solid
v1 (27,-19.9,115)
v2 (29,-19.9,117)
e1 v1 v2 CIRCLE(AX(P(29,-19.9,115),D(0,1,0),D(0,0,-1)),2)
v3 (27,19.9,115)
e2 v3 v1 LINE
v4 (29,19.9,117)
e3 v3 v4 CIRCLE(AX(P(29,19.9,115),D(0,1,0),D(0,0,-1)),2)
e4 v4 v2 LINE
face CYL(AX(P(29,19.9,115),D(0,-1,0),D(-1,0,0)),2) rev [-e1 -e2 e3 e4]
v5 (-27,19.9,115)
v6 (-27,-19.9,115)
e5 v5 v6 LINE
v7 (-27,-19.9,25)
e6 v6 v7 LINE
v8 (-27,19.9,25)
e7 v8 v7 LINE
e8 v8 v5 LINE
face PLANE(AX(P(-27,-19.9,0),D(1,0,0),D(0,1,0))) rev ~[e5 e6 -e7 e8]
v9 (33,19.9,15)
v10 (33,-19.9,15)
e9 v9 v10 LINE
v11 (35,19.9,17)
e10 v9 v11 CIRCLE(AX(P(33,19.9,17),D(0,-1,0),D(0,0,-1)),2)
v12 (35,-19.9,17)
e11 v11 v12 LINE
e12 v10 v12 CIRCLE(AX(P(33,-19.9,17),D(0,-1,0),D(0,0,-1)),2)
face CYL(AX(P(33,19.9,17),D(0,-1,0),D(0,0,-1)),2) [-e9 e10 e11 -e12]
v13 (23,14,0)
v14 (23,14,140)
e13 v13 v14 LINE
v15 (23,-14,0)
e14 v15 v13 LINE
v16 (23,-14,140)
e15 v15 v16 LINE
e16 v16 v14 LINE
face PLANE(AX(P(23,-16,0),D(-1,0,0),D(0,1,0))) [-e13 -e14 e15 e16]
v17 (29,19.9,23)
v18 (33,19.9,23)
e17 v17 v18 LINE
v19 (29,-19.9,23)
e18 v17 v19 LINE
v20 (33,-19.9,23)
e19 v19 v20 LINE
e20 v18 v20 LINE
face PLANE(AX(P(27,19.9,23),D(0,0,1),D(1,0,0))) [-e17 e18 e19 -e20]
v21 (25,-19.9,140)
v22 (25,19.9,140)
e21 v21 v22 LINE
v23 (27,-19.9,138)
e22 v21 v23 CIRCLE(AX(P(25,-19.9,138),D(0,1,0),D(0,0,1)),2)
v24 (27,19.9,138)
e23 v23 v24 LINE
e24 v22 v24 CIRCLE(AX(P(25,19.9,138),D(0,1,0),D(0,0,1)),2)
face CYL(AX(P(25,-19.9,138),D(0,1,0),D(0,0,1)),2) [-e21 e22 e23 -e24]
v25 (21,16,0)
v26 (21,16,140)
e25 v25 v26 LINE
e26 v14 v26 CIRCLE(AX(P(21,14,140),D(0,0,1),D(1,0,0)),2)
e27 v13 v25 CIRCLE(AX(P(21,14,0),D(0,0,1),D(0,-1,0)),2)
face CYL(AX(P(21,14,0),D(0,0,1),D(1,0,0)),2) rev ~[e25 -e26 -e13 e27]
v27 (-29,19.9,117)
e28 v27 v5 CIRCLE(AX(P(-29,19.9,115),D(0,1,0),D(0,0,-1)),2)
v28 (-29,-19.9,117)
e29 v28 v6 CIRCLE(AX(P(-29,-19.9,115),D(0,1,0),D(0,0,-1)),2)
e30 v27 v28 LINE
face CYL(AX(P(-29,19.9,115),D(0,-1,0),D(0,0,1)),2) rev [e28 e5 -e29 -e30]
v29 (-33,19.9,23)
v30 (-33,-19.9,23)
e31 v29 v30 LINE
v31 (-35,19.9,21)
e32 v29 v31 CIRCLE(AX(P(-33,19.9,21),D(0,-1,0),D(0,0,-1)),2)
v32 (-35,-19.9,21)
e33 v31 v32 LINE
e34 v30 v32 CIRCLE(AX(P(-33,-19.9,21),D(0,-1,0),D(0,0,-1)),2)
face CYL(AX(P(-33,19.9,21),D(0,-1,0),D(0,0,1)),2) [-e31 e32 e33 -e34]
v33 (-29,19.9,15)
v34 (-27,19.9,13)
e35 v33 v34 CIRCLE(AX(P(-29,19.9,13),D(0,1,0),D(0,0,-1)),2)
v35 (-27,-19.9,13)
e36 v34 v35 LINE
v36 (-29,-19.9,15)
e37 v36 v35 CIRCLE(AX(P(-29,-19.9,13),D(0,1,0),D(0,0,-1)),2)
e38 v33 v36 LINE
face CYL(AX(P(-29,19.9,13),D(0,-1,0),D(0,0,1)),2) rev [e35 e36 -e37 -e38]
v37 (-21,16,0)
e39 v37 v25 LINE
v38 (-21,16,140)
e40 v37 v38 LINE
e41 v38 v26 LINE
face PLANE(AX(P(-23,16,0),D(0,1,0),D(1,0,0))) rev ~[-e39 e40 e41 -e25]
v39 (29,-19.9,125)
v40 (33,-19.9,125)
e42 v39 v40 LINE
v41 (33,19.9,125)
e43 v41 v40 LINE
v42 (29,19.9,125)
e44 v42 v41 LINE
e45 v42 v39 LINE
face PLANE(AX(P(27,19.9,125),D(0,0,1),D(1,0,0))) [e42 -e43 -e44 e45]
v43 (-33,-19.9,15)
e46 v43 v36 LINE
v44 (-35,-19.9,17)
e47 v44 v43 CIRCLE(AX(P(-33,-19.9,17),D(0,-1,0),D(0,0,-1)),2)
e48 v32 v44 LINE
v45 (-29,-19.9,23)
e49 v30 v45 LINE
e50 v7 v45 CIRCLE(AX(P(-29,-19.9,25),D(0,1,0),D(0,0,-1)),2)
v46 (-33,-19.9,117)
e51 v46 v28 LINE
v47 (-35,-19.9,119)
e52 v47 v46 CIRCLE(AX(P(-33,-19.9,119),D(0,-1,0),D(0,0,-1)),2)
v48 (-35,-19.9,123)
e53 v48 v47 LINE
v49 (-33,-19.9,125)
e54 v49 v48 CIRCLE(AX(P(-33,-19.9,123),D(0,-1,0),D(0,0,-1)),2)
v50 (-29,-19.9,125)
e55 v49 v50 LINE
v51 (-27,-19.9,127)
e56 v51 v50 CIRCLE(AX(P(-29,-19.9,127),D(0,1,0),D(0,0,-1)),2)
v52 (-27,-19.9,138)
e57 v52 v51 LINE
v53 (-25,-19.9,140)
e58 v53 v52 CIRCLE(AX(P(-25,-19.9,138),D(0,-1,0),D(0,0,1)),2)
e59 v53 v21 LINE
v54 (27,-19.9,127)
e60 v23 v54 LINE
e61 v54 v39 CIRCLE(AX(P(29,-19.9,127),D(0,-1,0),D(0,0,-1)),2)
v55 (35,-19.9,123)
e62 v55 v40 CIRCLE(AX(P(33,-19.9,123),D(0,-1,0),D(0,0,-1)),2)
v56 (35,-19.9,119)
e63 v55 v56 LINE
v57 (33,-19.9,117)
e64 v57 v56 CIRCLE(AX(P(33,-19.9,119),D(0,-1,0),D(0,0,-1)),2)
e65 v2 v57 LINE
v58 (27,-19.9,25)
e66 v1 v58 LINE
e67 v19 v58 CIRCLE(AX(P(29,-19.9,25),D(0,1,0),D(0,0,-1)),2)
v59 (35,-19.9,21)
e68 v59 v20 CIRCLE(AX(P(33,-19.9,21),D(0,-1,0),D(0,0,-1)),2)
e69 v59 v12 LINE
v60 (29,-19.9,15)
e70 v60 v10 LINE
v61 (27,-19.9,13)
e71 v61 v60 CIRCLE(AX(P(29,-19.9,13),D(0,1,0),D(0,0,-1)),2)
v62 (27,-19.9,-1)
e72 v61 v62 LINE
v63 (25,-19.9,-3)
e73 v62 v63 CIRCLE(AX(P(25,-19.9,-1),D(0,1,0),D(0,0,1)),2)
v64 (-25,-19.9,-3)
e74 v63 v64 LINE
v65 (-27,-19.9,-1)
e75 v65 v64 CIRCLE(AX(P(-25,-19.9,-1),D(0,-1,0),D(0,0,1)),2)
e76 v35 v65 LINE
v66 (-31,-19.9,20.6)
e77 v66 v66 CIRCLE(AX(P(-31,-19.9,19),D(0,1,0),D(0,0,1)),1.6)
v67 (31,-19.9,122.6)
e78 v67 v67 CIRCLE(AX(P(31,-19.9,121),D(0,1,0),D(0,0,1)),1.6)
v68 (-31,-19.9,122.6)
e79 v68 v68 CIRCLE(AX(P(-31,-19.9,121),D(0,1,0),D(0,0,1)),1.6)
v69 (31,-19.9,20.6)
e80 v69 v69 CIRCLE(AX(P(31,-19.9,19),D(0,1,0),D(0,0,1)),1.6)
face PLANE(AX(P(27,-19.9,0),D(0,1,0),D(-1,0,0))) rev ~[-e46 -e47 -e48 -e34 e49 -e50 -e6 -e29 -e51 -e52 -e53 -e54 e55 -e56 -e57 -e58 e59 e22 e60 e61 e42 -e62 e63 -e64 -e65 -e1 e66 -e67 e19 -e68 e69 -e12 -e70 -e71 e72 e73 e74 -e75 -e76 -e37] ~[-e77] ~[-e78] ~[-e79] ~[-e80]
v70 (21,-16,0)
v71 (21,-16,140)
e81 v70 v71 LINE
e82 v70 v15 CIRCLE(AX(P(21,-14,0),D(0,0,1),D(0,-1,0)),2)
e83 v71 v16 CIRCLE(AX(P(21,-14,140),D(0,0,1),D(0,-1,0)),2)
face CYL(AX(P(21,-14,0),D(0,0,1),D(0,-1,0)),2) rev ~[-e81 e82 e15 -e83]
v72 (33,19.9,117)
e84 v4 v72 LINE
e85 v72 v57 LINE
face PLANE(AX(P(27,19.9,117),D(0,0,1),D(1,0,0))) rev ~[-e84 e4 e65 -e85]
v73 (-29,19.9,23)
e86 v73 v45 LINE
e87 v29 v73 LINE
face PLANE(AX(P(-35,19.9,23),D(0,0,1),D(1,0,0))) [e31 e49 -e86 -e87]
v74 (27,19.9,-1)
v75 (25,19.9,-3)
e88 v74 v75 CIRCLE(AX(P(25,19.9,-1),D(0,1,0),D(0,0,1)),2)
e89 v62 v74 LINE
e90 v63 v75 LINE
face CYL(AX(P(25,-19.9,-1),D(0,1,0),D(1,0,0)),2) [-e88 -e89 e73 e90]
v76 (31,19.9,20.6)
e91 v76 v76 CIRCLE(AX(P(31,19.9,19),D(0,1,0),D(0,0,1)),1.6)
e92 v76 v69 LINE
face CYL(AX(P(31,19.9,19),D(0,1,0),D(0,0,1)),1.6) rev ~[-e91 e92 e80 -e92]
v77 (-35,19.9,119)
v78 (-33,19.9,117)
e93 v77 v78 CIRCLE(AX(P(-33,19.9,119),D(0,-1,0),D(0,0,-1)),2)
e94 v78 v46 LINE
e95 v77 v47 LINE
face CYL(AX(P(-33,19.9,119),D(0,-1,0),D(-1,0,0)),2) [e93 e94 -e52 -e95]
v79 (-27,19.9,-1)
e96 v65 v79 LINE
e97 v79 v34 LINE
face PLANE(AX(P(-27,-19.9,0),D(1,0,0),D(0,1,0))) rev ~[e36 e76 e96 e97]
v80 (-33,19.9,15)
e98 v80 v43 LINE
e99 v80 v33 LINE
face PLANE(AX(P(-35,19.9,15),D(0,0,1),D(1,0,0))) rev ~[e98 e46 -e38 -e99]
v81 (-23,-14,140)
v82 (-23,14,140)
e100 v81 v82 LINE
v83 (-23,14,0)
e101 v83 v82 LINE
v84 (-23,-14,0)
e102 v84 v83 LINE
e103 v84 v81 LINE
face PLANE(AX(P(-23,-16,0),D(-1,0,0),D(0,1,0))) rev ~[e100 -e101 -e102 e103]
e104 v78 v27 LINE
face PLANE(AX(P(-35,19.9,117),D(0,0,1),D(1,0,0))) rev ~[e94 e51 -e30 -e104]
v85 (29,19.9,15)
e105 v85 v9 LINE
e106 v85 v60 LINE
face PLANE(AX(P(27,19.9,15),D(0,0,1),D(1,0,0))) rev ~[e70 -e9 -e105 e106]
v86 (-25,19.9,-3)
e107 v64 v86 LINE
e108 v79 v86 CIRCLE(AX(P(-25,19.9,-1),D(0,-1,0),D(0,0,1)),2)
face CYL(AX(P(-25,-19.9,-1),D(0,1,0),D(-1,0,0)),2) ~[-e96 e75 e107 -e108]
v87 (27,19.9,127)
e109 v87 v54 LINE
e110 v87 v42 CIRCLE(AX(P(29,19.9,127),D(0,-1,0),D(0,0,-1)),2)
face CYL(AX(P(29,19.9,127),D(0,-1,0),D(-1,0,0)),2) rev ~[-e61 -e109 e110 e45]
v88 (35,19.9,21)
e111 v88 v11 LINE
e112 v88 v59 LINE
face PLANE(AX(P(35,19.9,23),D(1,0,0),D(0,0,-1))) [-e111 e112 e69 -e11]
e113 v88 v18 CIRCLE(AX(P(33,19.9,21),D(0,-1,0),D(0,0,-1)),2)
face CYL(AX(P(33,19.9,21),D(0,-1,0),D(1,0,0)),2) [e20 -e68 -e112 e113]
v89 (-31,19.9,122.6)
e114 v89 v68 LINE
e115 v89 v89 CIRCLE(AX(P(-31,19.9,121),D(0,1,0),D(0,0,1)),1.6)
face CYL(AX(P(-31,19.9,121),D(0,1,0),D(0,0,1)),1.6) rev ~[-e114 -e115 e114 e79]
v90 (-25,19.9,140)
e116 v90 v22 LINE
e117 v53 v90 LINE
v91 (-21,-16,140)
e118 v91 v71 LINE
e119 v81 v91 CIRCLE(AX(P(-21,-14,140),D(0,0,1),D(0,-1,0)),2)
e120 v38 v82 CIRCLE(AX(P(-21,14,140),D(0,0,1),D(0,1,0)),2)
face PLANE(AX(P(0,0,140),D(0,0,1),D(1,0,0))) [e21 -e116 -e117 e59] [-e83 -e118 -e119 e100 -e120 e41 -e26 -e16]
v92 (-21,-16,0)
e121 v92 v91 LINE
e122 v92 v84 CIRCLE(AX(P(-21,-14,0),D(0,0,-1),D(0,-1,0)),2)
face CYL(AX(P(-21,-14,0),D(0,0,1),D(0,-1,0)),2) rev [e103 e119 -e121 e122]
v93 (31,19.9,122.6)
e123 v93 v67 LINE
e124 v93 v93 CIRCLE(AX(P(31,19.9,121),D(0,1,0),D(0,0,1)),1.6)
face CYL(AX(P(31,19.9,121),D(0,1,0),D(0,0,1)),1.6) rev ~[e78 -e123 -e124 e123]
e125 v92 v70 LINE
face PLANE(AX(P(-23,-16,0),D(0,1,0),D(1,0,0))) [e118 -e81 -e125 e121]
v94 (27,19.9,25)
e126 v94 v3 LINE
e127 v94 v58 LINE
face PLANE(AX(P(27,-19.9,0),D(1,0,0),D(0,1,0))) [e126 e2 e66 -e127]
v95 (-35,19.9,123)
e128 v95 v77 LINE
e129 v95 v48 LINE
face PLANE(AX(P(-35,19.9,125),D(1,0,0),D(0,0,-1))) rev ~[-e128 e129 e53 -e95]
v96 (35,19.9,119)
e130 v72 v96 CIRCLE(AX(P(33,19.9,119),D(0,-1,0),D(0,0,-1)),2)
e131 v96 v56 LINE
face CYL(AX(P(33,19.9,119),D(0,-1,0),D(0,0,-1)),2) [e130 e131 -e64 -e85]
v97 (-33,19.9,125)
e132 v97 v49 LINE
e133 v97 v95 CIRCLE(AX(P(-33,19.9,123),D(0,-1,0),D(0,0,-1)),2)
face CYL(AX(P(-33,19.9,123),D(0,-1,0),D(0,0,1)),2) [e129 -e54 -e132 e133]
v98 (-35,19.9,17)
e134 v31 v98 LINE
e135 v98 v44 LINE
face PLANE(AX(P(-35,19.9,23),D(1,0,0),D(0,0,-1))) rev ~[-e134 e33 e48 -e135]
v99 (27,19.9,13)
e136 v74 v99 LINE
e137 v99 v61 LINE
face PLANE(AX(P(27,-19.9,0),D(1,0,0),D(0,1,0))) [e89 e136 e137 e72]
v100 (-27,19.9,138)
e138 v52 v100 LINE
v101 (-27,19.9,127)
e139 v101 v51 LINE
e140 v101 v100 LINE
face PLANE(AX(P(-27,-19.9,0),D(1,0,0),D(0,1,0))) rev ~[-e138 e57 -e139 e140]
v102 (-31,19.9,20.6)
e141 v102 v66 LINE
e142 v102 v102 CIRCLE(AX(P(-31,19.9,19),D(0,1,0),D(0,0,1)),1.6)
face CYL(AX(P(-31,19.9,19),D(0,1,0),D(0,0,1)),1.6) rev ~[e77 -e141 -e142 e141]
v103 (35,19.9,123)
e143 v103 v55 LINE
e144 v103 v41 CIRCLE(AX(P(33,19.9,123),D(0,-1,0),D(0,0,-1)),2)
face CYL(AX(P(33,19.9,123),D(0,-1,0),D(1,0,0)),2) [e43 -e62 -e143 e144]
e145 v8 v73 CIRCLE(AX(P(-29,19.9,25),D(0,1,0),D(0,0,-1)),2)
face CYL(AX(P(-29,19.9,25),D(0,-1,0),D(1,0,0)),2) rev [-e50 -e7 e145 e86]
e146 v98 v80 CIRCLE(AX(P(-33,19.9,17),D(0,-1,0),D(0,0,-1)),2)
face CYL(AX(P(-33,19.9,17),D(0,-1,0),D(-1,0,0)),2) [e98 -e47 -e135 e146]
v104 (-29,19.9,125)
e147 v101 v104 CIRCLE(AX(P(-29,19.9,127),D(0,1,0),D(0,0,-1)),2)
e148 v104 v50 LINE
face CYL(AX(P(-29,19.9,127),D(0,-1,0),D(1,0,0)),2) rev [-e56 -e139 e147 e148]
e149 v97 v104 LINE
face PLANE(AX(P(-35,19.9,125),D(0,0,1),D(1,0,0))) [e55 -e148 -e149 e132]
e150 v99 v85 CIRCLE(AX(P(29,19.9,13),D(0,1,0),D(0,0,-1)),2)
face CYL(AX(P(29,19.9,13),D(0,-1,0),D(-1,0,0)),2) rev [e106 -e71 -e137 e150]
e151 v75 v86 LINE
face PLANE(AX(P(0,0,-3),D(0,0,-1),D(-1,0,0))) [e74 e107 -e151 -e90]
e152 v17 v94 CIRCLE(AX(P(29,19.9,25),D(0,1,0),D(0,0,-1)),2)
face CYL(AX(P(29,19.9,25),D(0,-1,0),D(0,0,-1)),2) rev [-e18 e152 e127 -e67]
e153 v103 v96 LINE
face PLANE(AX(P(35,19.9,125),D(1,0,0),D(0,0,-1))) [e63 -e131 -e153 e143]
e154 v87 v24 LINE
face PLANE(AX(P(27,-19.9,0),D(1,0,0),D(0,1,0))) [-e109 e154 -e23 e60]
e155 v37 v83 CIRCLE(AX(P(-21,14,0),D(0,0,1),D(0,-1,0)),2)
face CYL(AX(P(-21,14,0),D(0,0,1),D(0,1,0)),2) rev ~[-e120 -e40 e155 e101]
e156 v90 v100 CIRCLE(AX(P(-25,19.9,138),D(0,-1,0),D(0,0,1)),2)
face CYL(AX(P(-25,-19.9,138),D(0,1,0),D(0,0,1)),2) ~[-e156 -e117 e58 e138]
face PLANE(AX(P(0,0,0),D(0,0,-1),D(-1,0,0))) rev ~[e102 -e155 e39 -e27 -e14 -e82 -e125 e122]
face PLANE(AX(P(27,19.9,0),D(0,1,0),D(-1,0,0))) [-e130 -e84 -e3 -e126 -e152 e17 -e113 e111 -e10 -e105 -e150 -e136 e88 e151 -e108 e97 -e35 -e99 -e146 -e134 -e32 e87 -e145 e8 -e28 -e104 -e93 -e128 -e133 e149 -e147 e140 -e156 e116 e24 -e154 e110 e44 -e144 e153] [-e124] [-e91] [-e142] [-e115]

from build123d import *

# Parameters (mm, degrees)
SKETCH_1_W          = 54
SKETCH_1_H          = 39.8
SKETCH_1_W_2        = 46
SKETCH_1_H_2        = 32
EXTRUDE_1_DEPTH     = 143
SKETCH_3_W          = 54
SKETCH_3_H          = 39.8
EXTRUDE_2_DEPTH     = 3
SKETCH_4_W          = 8
SKETCH_4_H          = 8
SKETCH_4_R          = 1.6
EXTRUDE_3_DEPTH     = 39.8
FILLET_2_R          = 2
SKETCH_5_W          = 54
SKETCH_5_H          = 39.8
CUT_EXTRUDE_1_DEPTH = 3
FILLET_3_R          = 2


with BuildPart() as part:
    # 草图1 → 凸台-拉伸1 (new body)
    with BuildSketch(Plane.XY):
        Rectangle(SKETCH_1_W, SKETCH_1_H)
        Rectangle(SKETCH_1_W_2, SKETCH_1_H_2, mode=Mode.SUBTRACT)
    extrude(amount=EXTRUDE_1_DEPTH)

    # 草图3 → 凸台-拉伸2 (add)
    with BuildSketch(Plane(origin=(0, 0, 0), x_dir=(-1, 0, 0), z_dir=(0, 0, -1))):
        Rectangle(SKETCH_3_W, SKETCH_3_H)
    extrude(amount=EXTRUDE_2_DEPTH)

    # 草图4 → 凸台-拉伸3 (add)
    # profile 1 of 4: a face of its own
    with BuildSketch(Plane(origin=(0, 19.9, 0), x_dir=(1, 0, 0), z_dir=(0, 1, 0))):
        with Locations((-31, -121)):
            Rectangle(SKETCH_4_W, SKETCH_4_H)
        with Locations(Location((-31, -121, 0), (0, 0, 270))):
            Circle(SKETCH_4_R, mode=Mode.SUBTRACT)
    # profile 2 of 4: a face of its own
    with BuildSketch(Plane(origin=(0, 19.9, 0), x_dir=(1, 0, 0), z_dir=(0, 1, 0))):
        with Locations((31, -121)):
            Rectangle(SKETCH_4_W, SKETCH_4_H)
        with Locations(Location((31, -121, 0), (0, 0, 270))):
            Circle(SKETCH_4_R, mode=Mode.SUBTRACT)
    # profile 3 of 4: a face of its own
    with BuildSketch(Plane(origin=(0, 19.9, 0), x_dir=(1, 0, 0), z_dir=(0, 1, 0))):
        with Locations((31, -19)):
            Rectangle(SKETCH_4_W, SKETCH_4_H)
        with Locations(Location((31, -19, 0), (0, 0, 270))):
            Circle(SKETCH_4_R, mode=Mode.SUBTRACT)
    # profile 4 of 4: a face of its own
    with BuildSketch(Plane(origin=(0, 19.9, 0), x_dir=(1, 0, 0), z_dir=(0, 1, 0))):
        with Locations((-31, -19)):
            Rectangle(SKETCH_4_W, SKETCH_4_H)
        with Locations(Location((-31, -19, 0), (0, 0, 270))):
            Circle(SKETCH_4_R, mode=Mode.SUBTRACT)
    extrude(amount=-EXTRUDE_3_DEPTH)

    # 圆角2
    fillet_2_edges = [part.edges().sort_by_distance(p)[0] for p in [
        (23, -16, 71.5),
        (23, 16, 71.5),
        (-23, 16, 71.5),
        (-23, -16, 71.5),
    ]]
    fillet(fillet_2_edges, radius=FILLET_2_R)

    # 草图5 → 切除-拉伸1 (cut)
    with BuildSketch(Plane.XY.offset(143)):
        Rectangle(SKETCH_5_W, SKETCH_5_H)
    extrude(amount=-CUT_EXTRUDE_1_DEPTH, mode=Mode.SUBTRACT)

    # 圆角3
    fillet_3_edges = [part.edges().sort_by_distance(p)[0] for p in [
        (-27, 0, 140),
        (27, 0, 140),
        (27, 0, -3),
        (-27, 0, -3),
        (27, 0, 125),
        (27, 0, 117),
        (35, 0, 117),
        (35, 0, 125),
        (-27, 0, 117),
        (-27, 0, 125),
        (-35, 0, 125),
        (-35, 0, 117),
        (27, 0, 23),
        (27, 0, 15),
        (35, 0, 15),
        (35, 0, 23),
        (-35, 0, 15),
        (-27, 0, 15),
        (-27, 0, 23),
        (-35, 0, 23),
    ]]
    fillet(fillet_3_edges, radius=FILLET_3_R)


solid = part.part
